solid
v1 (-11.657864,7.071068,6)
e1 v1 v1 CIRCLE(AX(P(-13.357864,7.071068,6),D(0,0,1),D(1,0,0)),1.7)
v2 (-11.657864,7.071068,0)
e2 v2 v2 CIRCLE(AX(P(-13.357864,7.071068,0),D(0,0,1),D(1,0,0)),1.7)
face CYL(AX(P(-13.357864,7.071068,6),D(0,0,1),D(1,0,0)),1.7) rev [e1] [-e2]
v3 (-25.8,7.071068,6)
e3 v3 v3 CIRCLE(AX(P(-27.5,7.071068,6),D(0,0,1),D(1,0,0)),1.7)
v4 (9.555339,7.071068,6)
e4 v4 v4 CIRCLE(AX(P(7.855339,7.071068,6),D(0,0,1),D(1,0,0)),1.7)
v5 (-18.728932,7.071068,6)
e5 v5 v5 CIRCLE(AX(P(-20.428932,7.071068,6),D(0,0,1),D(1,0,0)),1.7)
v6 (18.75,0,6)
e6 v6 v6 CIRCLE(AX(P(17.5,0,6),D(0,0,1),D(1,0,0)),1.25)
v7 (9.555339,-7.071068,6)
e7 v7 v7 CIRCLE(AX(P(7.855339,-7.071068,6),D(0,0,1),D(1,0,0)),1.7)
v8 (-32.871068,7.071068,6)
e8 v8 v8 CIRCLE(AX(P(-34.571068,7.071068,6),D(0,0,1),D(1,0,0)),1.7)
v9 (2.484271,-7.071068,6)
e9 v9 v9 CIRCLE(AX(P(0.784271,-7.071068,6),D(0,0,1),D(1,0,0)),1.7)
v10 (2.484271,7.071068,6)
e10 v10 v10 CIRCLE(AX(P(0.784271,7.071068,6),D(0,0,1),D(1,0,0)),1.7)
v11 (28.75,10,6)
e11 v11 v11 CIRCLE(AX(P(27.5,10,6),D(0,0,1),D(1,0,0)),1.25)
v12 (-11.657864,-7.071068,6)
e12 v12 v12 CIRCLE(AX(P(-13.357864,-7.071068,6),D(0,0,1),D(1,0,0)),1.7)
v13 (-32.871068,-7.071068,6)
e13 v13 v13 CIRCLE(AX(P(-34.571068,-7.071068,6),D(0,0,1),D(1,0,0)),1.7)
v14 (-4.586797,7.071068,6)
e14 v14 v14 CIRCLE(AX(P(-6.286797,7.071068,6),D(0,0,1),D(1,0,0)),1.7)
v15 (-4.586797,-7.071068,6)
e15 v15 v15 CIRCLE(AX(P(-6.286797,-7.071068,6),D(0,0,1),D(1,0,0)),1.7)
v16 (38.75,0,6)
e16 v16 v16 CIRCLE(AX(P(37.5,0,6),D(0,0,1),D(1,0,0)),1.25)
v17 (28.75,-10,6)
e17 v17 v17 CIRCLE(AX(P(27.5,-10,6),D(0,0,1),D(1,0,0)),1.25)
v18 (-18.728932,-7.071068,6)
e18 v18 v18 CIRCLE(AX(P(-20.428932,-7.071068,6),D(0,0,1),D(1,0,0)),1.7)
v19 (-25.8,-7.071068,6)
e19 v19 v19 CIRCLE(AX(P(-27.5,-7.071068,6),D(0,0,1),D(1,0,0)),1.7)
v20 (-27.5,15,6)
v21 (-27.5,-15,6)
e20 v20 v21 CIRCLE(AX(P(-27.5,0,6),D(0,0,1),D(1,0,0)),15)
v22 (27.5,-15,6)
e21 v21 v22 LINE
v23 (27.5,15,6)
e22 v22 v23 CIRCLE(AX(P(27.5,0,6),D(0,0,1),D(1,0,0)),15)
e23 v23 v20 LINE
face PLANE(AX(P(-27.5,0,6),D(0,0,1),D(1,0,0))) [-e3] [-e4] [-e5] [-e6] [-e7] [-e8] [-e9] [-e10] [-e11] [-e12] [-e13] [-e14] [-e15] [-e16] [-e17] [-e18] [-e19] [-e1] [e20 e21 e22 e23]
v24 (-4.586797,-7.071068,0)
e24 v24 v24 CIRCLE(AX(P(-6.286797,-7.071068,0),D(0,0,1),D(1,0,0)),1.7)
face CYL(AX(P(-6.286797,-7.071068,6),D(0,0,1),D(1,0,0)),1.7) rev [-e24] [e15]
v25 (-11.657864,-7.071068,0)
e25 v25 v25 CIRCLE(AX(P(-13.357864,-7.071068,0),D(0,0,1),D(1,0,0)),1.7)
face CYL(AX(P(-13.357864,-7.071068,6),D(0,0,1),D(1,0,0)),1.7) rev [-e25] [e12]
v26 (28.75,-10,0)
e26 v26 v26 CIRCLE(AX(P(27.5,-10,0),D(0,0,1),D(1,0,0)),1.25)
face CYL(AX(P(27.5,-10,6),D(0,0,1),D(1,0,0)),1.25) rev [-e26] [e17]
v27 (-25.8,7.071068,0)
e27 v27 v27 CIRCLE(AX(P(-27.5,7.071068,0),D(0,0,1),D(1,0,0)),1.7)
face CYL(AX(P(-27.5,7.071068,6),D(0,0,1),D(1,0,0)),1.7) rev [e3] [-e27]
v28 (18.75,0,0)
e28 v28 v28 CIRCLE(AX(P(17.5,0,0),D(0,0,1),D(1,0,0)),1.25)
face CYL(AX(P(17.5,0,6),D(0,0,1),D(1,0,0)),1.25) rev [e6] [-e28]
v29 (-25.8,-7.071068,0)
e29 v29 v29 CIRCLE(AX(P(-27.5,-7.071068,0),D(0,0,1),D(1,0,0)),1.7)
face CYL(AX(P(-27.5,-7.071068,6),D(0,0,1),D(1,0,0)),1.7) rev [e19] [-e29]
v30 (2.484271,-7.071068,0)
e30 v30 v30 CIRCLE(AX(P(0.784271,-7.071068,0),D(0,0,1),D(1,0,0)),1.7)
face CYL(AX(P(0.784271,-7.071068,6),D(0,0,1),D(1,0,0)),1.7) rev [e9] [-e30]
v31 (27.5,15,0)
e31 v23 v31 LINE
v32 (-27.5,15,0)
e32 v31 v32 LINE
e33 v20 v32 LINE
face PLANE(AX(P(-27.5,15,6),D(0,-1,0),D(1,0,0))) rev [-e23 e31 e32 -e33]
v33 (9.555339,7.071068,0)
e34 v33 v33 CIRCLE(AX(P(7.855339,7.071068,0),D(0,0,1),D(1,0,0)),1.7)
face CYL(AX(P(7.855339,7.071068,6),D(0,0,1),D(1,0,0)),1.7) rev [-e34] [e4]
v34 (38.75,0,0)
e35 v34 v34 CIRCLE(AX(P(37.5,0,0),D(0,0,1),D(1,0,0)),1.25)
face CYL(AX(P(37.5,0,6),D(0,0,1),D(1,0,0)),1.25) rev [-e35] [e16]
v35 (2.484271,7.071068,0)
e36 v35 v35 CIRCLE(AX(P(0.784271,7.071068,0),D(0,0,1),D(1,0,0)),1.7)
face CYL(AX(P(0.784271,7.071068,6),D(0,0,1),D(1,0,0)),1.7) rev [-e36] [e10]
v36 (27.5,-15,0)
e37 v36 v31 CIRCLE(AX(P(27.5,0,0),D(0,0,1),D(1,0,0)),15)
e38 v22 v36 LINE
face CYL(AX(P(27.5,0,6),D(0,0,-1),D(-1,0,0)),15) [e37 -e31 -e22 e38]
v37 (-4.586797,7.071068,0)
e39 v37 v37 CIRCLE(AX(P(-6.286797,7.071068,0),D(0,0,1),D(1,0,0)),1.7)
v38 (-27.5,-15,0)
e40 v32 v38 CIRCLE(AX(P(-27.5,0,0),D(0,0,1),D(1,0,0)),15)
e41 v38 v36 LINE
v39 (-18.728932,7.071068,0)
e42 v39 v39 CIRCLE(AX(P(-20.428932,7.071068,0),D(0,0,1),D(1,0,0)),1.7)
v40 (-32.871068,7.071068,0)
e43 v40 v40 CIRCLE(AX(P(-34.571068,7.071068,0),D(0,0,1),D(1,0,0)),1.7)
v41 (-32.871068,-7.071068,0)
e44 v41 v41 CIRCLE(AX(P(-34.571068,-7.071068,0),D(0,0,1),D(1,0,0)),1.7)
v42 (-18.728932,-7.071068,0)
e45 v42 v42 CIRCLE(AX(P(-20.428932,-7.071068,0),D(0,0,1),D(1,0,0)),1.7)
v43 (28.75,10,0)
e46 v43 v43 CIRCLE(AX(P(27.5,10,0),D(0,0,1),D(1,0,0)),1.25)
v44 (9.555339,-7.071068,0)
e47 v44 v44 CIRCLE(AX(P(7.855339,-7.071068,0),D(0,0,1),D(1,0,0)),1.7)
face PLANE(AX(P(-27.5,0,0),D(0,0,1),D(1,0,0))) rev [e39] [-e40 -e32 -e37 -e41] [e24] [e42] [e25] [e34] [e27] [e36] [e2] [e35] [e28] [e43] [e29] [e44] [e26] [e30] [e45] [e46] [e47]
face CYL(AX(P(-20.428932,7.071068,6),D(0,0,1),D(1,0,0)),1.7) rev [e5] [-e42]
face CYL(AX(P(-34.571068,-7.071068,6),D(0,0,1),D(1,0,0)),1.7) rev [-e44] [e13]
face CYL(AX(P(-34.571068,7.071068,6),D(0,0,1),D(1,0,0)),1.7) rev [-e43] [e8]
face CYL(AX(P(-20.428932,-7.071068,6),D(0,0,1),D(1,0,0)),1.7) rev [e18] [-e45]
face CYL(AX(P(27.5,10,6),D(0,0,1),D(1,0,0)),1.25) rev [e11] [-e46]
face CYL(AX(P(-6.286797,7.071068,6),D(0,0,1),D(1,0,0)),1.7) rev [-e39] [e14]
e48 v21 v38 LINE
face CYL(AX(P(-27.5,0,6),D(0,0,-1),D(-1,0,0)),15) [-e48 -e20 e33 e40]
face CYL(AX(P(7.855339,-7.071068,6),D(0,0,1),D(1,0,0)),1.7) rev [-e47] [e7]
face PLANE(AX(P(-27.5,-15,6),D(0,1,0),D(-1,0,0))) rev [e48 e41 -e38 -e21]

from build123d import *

# Parameters (mm, degrees)
EXTRUDE_1_DEPTH   = 6
M3X0_51_D         = 2.5
HOLE_WIZARD_M31_D = 3.4


with BuildPart() as part:
    # Эскиз1 → Бобышка-Вытянуть1 (new body)
    with BuildSketch(Plane.XY):
        with BuildLine():
            Line((-27.5, 15), (27.5, 15))
            ThreePointArc((27.5, 15), (42.5, 0), (27.5, -15))
            Line((27.5, -15), (-27.5, -15))
            ThreePointArc((-27.5, -15), (-42.5, 0), (-27.5, 15))
        make_face()
    extrude(amount=EXTRUDE_1_DEPTH)

    # Отверстие обработанное метчиком M3x0.51 (through all)
    with Locations(Plane.XY.offset(6)):
        with Locations((27.5, 10), (37.5, 0), (27.5, -10), (17.5, 0)):
            Hole(M3X0_51_D / 2)

    # Отверстие с зазором M31 (through all)
    with Locations(Plane.XY.offset(6)):
        with Locations((-34.571067812, 7.071067812), (-20.428932188, 7.071067812), (-6.286796564, 7.071067812), (7.855339059, 7.071067812), (7.855339059, -7.071067812), (-6.286796564, -7.071067812), (-20.428932188, -7.071067812), (-34.571067812, -7.071067812), (-27.5, -7.071067812), (-27.5, 7.071067812), (-13.357864376, 7.071067812), (-13.357864376, -7.071067812), (0.784271247, -7.071067812), (0.784271247, 7.071067812)):
            Hole(HOLE_WIZARD_M31_D / 2)


solid = part.part
